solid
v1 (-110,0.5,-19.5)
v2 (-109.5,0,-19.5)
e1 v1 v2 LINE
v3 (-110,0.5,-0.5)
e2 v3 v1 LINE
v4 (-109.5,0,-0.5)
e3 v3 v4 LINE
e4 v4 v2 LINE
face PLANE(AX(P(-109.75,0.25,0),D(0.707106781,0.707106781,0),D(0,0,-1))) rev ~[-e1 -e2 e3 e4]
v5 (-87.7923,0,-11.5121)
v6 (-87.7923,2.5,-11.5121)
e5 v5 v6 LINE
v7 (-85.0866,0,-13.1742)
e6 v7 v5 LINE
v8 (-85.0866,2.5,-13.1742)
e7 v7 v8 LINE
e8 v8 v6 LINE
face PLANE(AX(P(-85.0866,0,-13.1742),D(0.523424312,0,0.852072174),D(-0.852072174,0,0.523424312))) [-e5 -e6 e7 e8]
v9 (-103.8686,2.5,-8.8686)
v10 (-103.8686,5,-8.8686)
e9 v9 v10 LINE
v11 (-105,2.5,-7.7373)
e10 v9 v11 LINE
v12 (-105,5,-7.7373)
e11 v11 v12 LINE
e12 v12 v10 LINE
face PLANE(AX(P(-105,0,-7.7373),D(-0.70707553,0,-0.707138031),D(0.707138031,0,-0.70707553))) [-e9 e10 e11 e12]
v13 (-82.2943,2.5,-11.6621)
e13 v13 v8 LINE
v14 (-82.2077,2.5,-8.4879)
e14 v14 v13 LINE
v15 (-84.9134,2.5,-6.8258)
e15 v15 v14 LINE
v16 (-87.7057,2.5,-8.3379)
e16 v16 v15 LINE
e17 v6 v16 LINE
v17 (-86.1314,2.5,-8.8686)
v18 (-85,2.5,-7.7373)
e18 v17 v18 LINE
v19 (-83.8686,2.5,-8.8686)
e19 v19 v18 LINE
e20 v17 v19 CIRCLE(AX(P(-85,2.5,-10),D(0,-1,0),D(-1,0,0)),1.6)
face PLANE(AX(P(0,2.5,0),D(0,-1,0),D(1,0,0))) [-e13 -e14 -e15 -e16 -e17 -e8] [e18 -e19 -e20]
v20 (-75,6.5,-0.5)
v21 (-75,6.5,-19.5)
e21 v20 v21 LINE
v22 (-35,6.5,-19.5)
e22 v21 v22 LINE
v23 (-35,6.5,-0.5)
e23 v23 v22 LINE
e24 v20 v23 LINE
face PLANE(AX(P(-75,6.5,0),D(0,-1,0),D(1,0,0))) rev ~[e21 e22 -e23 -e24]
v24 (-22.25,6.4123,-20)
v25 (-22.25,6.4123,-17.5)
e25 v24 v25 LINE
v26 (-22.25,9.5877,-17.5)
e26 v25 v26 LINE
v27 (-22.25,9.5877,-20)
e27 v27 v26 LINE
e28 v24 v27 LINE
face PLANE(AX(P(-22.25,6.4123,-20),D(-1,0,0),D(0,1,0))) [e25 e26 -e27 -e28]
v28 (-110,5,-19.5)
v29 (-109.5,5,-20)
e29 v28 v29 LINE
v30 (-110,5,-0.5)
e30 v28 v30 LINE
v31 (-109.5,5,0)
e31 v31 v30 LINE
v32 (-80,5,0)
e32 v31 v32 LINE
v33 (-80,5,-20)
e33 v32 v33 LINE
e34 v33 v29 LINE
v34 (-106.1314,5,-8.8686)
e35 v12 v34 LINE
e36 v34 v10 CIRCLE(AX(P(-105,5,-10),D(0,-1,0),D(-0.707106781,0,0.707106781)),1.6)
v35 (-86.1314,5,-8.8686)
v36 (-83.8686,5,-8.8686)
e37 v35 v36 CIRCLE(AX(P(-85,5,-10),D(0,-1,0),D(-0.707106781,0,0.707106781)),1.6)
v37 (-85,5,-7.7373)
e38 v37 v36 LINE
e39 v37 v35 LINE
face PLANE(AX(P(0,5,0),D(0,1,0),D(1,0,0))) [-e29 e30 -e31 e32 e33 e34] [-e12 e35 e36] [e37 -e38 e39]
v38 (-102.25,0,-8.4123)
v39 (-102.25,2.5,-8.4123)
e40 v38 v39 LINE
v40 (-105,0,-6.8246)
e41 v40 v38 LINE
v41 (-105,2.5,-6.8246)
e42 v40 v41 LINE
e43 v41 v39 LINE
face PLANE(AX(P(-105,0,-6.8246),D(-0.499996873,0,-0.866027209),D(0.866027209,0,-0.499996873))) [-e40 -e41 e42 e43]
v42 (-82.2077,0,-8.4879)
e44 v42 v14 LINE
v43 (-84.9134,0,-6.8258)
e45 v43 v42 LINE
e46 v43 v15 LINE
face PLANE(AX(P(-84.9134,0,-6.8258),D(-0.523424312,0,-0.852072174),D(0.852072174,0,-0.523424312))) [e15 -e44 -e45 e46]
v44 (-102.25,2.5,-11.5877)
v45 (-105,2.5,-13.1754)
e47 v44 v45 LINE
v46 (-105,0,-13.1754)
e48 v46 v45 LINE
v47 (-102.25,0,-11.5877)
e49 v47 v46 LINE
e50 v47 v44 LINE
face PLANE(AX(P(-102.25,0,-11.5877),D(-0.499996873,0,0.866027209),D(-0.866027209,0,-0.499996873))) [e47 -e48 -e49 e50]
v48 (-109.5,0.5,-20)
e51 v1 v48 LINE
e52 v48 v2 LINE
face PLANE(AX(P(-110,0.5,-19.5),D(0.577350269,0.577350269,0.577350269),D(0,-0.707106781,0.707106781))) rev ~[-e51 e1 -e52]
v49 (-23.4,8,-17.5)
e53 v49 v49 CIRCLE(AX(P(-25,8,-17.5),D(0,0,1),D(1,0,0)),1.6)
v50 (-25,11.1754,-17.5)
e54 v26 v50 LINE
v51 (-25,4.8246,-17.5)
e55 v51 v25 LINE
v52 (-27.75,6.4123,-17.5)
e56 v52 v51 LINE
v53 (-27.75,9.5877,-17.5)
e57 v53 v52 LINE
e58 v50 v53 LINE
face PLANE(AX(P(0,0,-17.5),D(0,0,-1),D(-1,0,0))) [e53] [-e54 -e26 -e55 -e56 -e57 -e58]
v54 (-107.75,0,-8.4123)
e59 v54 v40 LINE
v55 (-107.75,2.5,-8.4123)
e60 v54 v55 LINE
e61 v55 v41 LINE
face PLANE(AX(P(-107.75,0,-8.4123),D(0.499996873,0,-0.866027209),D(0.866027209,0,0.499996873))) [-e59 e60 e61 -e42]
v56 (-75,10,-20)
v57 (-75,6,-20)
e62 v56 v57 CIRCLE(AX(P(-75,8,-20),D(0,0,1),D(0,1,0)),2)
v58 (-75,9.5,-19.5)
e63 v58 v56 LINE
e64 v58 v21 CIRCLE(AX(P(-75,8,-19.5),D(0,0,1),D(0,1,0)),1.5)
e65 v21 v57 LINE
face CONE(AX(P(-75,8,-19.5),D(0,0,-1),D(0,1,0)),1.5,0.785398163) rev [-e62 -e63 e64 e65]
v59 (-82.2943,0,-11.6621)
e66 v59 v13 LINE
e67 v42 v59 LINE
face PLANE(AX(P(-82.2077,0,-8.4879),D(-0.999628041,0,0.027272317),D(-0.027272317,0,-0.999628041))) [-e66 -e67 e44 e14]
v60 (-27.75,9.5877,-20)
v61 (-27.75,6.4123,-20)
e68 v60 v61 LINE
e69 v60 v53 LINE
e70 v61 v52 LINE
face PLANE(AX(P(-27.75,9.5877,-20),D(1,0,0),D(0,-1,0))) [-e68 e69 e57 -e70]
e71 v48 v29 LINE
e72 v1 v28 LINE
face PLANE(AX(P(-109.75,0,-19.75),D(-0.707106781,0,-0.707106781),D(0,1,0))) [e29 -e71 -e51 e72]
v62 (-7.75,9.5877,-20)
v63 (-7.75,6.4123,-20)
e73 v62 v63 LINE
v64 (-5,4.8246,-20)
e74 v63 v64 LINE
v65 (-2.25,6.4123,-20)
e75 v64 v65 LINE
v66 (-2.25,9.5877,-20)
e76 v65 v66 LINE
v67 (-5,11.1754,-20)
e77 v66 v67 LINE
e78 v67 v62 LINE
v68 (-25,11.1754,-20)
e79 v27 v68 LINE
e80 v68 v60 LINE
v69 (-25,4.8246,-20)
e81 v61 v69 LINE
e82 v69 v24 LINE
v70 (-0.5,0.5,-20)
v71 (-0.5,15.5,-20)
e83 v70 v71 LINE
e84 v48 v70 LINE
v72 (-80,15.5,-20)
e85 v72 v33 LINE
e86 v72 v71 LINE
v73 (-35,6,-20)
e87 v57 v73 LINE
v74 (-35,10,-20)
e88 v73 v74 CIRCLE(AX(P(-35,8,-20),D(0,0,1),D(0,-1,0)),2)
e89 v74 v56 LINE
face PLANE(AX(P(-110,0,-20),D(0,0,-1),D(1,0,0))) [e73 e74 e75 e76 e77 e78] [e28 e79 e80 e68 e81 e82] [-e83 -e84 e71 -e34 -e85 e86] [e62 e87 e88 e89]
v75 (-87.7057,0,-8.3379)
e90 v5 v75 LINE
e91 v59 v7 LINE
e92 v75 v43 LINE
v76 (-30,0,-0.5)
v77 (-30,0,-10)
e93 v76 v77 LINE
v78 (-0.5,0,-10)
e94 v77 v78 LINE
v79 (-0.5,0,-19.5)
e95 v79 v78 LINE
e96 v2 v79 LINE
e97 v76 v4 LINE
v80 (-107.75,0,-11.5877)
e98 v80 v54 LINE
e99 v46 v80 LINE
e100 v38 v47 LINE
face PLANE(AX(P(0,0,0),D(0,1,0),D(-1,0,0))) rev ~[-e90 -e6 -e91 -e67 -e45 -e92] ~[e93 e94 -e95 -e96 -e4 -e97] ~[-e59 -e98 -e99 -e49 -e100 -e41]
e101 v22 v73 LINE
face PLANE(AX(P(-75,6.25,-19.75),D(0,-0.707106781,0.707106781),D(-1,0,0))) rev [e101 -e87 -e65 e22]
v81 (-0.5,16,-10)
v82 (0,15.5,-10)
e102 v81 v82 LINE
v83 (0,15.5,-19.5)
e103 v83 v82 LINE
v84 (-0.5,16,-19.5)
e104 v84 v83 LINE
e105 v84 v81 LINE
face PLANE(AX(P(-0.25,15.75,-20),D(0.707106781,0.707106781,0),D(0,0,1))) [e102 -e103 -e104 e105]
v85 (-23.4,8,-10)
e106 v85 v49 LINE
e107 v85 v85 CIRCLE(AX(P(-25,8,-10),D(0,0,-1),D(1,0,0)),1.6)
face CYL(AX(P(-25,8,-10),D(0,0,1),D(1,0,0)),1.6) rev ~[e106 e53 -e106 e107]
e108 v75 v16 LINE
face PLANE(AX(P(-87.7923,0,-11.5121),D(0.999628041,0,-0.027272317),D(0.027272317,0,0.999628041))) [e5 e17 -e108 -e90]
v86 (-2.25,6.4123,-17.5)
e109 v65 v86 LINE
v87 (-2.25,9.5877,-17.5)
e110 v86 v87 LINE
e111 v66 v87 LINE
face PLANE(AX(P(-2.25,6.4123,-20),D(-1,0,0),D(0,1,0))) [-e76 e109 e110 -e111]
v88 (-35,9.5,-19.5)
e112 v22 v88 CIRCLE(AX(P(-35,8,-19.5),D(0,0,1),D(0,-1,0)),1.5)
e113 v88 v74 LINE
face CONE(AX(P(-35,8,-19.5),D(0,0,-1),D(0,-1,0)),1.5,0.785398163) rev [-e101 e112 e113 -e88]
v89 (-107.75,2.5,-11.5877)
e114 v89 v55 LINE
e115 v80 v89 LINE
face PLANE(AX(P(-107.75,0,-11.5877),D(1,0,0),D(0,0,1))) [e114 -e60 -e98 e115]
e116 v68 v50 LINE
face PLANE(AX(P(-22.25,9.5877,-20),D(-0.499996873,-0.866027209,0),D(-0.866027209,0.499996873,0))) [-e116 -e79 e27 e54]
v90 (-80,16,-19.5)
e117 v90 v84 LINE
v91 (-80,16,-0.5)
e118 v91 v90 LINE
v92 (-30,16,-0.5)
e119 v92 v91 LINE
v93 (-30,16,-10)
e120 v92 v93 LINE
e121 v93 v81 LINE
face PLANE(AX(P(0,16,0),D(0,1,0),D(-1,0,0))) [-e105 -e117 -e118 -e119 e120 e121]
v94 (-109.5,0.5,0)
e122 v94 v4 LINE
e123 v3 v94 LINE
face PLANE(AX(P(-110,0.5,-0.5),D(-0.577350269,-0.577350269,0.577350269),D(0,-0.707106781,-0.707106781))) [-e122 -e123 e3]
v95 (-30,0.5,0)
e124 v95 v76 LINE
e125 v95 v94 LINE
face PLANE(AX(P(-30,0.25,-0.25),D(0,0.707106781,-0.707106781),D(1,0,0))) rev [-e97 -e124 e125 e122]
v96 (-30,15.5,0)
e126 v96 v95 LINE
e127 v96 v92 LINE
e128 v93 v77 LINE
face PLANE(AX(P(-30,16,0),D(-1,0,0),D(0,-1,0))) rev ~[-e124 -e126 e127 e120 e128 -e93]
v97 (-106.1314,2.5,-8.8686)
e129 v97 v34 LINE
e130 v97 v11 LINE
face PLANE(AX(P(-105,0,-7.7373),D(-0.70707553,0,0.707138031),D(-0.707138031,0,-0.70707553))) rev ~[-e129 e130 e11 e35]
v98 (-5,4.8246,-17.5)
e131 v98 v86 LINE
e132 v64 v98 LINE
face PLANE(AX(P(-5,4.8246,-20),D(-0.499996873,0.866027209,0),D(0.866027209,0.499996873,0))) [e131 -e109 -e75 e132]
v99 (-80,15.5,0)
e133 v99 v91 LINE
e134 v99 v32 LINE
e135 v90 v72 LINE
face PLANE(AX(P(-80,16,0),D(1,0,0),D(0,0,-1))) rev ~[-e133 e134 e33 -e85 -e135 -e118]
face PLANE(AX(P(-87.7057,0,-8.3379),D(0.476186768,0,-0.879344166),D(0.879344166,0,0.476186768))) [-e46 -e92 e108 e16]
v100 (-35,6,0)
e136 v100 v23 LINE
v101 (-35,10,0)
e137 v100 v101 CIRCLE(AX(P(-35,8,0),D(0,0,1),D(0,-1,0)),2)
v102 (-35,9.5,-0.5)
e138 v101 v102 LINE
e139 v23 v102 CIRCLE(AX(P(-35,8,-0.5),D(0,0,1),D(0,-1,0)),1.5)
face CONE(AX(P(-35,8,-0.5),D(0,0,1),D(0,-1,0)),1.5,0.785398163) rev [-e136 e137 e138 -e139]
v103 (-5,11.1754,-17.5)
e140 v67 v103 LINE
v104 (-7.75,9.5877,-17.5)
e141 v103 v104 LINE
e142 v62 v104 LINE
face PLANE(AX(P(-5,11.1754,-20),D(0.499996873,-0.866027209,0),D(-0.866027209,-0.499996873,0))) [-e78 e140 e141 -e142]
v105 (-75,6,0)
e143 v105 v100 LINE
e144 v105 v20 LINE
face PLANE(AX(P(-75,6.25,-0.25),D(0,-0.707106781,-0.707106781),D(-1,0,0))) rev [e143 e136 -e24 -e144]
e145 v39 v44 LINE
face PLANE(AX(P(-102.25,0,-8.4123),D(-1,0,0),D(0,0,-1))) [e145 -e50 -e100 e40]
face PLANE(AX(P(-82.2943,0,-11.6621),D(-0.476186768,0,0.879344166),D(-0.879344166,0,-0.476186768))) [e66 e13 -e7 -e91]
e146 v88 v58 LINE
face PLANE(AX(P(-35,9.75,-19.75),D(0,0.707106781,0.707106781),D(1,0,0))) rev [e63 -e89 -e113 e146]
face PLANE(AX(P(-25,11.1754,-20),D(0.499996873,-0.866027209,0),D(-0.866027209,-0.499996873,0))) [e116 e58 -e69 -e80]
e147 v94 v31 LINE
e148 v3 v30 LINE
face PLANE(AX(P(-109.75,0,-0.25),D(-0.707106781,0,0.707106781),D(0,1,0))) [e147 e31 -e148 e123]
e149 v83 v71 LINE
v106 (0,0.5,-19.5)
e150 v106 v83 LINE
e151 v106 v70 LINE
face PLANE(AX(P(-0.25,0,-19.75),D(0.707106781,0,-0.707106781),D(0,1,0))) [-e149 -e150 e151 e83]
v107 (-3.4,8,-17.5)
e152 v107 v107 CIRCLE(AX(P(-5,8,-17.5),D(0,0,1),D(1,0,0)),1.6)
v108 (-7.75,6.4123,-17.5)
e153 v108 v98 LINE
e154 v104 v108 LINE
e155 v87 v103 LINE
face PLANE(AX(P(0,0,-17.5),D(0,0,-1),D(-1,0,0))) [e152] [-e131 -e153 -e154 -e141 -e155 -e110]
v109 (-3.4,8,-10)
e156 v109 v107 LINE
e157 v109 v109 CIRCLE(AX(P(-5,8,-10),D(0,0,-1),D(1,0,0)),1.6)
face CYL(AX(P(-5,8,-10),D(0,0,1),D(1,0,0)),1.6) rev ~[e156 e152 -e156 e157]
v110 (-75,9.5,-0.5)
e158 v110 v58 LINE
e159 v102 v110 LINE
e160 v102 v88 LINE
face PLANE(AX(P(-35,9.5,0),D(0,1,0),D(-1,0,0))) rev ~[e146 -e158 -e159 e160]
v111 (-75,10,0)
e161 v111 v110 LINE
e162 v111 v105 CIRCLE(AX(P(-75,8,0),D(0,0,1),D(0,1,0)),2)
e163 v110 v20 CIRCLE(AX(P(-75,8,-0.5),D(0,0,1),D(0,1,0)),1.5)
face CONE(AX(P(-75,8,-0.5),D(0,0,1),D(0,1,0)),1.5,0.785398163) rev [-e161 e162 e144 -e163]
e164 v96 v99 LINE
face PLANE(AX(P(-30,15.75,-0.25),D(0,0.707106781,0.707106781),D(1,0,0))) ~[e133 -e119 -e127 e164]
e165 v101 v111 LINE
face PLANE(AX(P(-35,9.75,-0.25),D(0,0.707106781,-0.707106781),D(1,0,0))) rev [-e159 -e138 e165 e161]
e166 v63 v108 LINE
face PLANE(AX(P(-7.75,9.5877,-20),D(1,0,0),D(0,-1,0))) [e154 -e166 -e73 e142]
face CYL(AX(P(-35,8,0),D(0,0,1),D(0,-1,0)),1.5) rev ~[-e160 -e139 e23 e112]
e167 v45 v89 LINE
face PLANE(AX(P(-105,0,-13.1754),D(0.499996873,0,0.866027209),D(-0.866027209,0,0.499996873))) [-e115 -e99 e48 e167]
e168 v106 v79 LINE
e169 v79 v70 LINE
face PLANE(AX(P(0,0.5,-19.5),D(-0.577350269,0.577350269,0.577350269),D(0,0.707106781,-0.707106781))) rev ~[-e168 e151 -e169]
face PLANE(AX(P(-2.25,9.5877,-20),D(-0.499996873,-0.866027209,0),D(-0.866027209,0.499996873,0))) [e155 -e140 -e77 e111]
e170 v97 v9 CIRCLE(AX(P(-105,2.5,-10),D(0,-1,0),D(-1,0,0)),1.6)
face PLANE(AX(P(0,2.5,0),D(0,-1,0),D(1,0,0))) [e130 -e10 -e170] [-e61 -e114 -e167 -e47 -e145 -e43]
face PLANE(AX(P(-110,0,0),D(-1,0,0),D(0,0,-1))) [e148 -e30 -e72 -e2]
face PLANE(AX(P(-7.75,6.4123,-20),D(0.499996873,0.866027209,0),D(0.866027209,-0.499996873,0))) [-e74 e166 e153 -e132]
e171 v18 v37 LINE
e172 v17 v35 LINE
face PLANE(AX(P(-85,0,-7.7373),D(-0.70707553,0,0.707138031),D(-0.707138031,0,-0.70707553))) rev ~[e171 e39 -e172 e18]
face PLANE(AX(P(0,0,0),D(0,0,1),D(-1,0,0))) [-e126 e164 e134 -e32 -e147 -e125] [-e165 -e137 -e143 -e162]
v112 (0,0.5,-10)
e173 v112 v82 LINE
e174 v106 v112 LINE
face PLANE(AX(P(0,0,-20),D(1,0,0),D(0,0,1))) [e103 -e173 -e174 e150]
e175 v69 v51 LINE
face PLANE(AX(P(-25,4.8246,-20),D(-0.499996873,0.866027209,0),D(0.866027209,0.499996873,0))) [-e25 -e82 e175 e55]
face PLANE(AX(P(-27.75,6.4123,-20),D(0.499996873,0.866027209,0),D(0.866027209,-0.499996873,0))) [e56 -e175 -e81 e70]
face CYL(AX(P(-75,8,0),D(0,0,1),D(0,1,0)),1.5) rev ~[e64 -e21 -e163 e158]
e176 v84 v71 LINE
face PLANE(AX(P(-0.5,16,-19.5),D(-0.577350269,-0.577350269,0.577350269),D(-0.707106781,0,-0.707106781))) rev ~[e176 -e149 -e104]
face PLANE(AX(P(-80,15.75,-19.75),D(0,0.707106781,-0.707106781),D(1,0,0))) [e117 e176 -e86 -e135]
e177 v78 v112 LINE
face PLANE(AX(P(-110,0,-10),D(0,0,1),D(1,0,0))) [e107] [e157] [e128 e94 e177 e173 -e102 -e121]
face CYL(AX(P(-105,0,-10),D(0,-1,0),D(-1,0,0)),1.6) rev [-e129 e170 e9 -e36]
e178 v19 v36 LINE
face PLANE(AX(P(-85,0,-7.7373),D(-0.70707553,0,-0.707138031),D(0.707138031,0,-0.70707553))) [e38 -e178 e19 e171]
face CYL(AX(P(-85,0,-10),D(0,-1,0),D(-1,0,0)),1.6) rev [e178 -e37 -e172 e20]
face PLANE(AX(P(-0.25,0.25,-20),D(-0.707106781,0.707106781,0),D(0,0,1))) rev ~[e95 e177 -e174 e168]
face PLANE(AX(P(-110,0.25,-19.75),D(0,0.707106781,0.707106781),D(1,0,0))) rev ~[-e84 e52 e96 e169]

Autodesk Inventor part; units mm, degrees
ref_plane "YZ Plane" through (0, 0, 0) normal (1, 0, 0) x (0, 1, 0)
ref_plane "XZ Plane" through (0, 0, 0) normal (0, 1, 0) x (-1, 0, 0)
ref_plane "XY Plane" through (0, 0, 0) normal (0, 0, 1) x (1, 0, 0)
sketch "Náčrt1" plane through (0, 0, 0) normal (0, 1, 0) x (-1, 0, 0)
  line L0 (0, 0) -> (110, 0)
  line L1 (110, 0) -> (110, -20)
  line L2 (110, -20) -> (0, -20)
  line L3 (0, -20) -> (0, 0)
  line L4 (55, -20) -> (55, 0) construction
  line L5 (110, -10) -> (0, -10) construction
  circle A0 centre (105, -10) radius 1.6
  circle A1 centre (85, -10) radius 1.6
  line L6 (105, -10) -> (105, -4.8731) construction
  line L7 (85, -10) -> (85, -4.8731) construction
  line L8 (105, -7.7373) -> (103.8686, -8.8686)
  line L9 (105, -7.7373) -> (106.1314, -8.8686)
  line L10 (85, -7.7373) -> (83.8686, -8.8686)
  line L11 (85, -7.7373) -> (86.1314, -8.8686)
  dimension "d0" = 20
  dimension "d1" = 110
  dimension "d4" = 3.2
  dimension "d6" = 25
  dimension "d7" = 5
  dimension "d49" = 90
  dimension "d50" = 90
extrude "Vysunutí1" add sketch "Náčrt1" along normal blind 16
sketch "Náčrt2" plane through (0, 16, 0) normal (0, 1, 0) x (1, 0, 0)
  line L0 (0, 20) -> (-110, 20) projected
  line L1 (-110, 20) -> (-110, 0) projected
  line L2 (-110, 0) -> (0, 0) projected
  line L3 (0, 0) -> (0, 20) projected
  arc A0 (-83.8686, 8.8686) -> (-86.1314, 8.8686) centre (-85, 10) ccw projected
  arc A1 (-103.8686, 8.8686) -> (-106.1314, 8.8686) centre (-105, 10) ccw projected
  line L4 (-80, 0) -> (-80, 20)
  line L5 (-30, 0) -> (-30, 20)
  arc A2 (-103.8686, 8.8686) -> (-106.1314, 8.8686) centre (-105, 10) ccw construction
  arc A3 (-83.8686, 8.8686) -> (-86.1314, 8.8686) centre (-85, 10) ccw projected
  line L6 (-85, 7.7373) -> (-86.1314, 8.8686) projected
  line L7 (-83.8686, 8.8686) -> (-85, 7.7373) projected
  line L8 (-105, 7.7373) -> (-106.1314, 8.8686) projected
  line L9 (-103.8686, 8.8686) -> (-105, 7.7373) projected
  point P0 (0, 10)
  point P1 (-30, 10)
  point P2 (-85, 7.7373)
  point P3 (-105, 7.7373)
  dimension "d10" = 30
  dimension "d11" = 30
extrude "Vysunutí2" cut sketch "Náčrt2" against normal blind 11 contours L4 L2 L1 L0 | L7 L6 A0 | L9 L8 A1
sketch "Náčrt4" plane through (0, 0, 0) normal (0, -1, 0) x (1, 0, 0)
  line L0 (0, -20) -> (-110, -20) projected
  line L1 (0, 0) -> (0, -20) projected
  line L2 (-110, 0) -> (0, 0) projected
  line L3 (-110, -20) -> (-110, 0) projected
  arc A0 (-86.1314, -8.8686) -> (-83.8686, -8.8686) centre (-85, -10) ccw projected
  arc A1 (-106.1314, -8.8686) -> (-103.8686, -8.8686) centre (-105, -10) ccw projected
  arc A2 (-110, -20) -> (-110, -20) centre (-105, -10) ccw projected
  line L4 (-105, -6.8246) -> (-102.25, -8.4123)
  line L5 (-102.25, -8.4123) -> (-102.25, -11.5877)
  line L6 (-102.25, -11.5877) -> (-105, -13.1754)
  line L7 (-105, -13.1754) -> (-107.75, -11.5877)
  line L8 (-107.75, -11.5877) -> (-107.75, -8.4123)
  line L9 (-107.75, -8.4123) -> (-105, -6.8246)
  arc A3 (-110, -20) -> (-110, -20) centre (-85, -10) ccw projected
  line L10 (-84.9134, -6.8258) -> (-82.2077, -8.4879)
  line L11 (-82.2077, -8.4879) -> (-82.2943, -11.6621)
  line L12 (-82.2943, -11.6621) -> (-85.0866, -13.1742)
  line L13 (-85.0866, -13.1742) -> (-87.7923, -11.5121)
  line L14 (-87.7923, -11.5121) -> (-87.7057, -8.3379)
  line L15 (-87.7057, -8.3379) -> (-84.9134, -6.8258)
  line L16 (-85, -7.7373) -> (-86.1314, -8.8686) projected
  line L17 (-83.8686, -8.8686) -> (-85, -7.7373) projected
  line L18 (-105, -7.7373) -> (-106.1314, -8.8686) projected
  line L19 (-103.8686, -8.8686) -> (-105, -7.7373) projected
  point P0 (-102.25, -10)
  point P1 (-107.75, -10)
  dimension "d17" = 5.5
extrude "Vysunutí4" cut sketch "Náčrt4" against normal blind 2.5 contours L16 L17 A0 | L18 L19 A1 | L4 L5 L6 L7 L8 L9 | L10 L11 L12 L13 L14 L15
sketch "Náčrt6" plane through (-110, 0, 0) normal (0, 0, 1) x (1, 0, 0)
  line L0 (0, 0) -> (0, 5) projected
  line L1 (0, 0) -> (110, 0) projected
  line L2 (110, 0) -> (110, 16) projected
  line L3 (30, 16) -> (110, 16) projected
  line L4 (110, 16) -> (0, 16) projected
  line L5 (80, 16) -> (80, 0)
  line L6 (30, 16) -> (30, 5) projected
  line L7 (30, 5) -> (0, 5) projected
  dimension "d24" = 30
extrude "Vysunutí5" cut sketch "Náčrt6" against normal blind 10 contours L5 L3 L2 L1
sketch "Náčrt7" plane through (-110, 0, -10) normal (0, 0, 1) x (1, 0, 0)
  line L0 (80, 16) -> (110, 16) projected
  line L1 (80, 0) -> (80, 16) projected
  line L2 (110, 0) -> (80, 0) projected
  line L3 (110, 16) -> (110, 0) projected
  line L4 (110, 0) -> (110, 16) construction
  line L5 (110, 8) -> (80, 8) construction
  circle A0 centre (85, 8) radius 1.6
  circle A1 centre (105, 8) radius 1.6
  line L6 (85, 8) -> (85, 12.494) construction
  line L7 (105, 8) -> (105, 11.0554) construction
  line L8 (85, 10.2627) -> (83.8686, 9.1314)
  line L9 (85, 10.2627) -> (86.1314, 9.1314)
  line L10 (105, 10.2627) -> (103.8686, 9.1314)
  line L11 (105, 10.2627) -> (106.1314, 9.1314)
  dimension "d30" = 3.2
  dimension "d31" = 25
  dimension "d32" = 5
  dimension "d38" = 90
  dimension "d39" = 90
extrude "Vysunutí6" cut sketch "Náčrt7" against normal through all contours A0 | A1
sketch "Náčrt8" plane through (0, 0, -20) normal (0, 0, -1) x (-1, 0, 0)
  circle A0 centre (5, 8) radius 1.6 projected
  circle A1 centre (25, 8) radius 1.6 projected
  line L0 (0, 16) -> (80, 16) projected
  line L1 (0, 0) -> (0, 16) projected
  line L2 (0, 0) -> (110, 0) projected
  line L3 (110, 0) -> (110, 5) projected
  line L4 (25, 4.8246) -> (22.25, 6.4123)
  line L5 (22.25, 6.4123) -> (22.25, 9.5877)
  line L6 (22.25, 9.5877) -> (25, 11.1754)
  line L7 (25, 11.1754) -> (27.75, 9.5877)
  line L8 (27.75, 9.5877) -> (27.75, 6.4123)
  line L9 (27.75, 6.4123) -> (25, 4.8246)
  line L10 (5, 4.8246) -> (2.25, 6.4123)
  line L11 (2.25, 6.4123) -> (2.25, 9.5877)
  line L12 (2.25, 9.5877) -> (5, 11.1754)
  line L13 (5, 11.1754) -> (7.75, 9.5877)
  line L14 (7.75, 9.5877) -> (7.75, 6.4123)
  line L15 (7.75, 6.4123) -> (5, 4.8246)
  line L16 (80, 5) -> (80, 16) projected
  line L17 (110, 5) -> (80, 5) projected
  dimension "d35" = 5.5
extrude "Vysunutí7" cut sketch "Náčrt8" against normal blind 2.5 contours A0 | A1 | L4 L5 L6 L7 L8 L9 | L10 L11 L12 L13 L14 L15
sketch "Náčrt10" plane through (-110, 5, 0) normal (0, 0, 1) x (1, 0, 0)
  line L0 (80, -5) -> (80, 11) projected
  line L1 (30, 11) -> (80, 11) projected
  line L2 (0, -5) -> (0, 0) projected
  line L3 (0, -5) -> (80, -5) projected
  circle A0 centre (105, 3) radius 1.6 projected
  circle A1 centre (85, 3) radius 1.6 projected
  line L4 (80, 11) -> (110, 11) projected
  line L5 (80, -5) -> (80, 11) projected
  line L6 (110, -5) -> (80, -5) projected
  line L7 (110, 11) -> (110, -5) projected
  line L8 (55, 22.3819) -> (55, -13.3022) construction
  line L9 (110, -5) -> (110, 11) construction
  line L10 (110, 3) -> (22.1304, 3) construction
  line L11 (35, 3) -> (75, 3) construction
  line L12 (35, 1.5) -> (75, 1.5)
  line L13 (75, 4.5) -> (35, 4.5)
  arc A2 (35, 4.5) -> (35, 1.5) centre (35, 3) ccw
  arc A3 (75, 1.5) -> (75, 4.5) centre (75, 3) ccw
  line L14 (110, -5) -> (0, -5) projected
  line L15 (30, 11) -> (30, 0) projected
  line L16 (30, 0) -> (0, 0) projected
  point P0 (55, 3)
  point P1 (55, -5)
  dimension "d43" = 3
  dimension "d44" = 40
extrude "Vysunutí8" cut sketch "Náčrt10" against normal up to surface (20 mm away) contours A2 L13 A3 L12
chamfer "Zkosení3" distance 0.5 angle 45 18 edges at (-70, 0, 0) (-55, 0, -20) (-55, 16, 0) (-110, 2.5, 0) (-110, 2.5, -20) (-110, 0, -10) (0, 0, -15) (0, 8, -20) (0, 16, -15) (-40, 16, -20) (-55, 6.5, 0) (-76.5, 8, 0) (-55, 9.5, 0) (-33.5, 8, 0) (-55, 6.5, -20) (-33.5, 8, -20) (-55, 9.5, -20) (-76.5, 8, -20)
properties part number "middle_hole"
